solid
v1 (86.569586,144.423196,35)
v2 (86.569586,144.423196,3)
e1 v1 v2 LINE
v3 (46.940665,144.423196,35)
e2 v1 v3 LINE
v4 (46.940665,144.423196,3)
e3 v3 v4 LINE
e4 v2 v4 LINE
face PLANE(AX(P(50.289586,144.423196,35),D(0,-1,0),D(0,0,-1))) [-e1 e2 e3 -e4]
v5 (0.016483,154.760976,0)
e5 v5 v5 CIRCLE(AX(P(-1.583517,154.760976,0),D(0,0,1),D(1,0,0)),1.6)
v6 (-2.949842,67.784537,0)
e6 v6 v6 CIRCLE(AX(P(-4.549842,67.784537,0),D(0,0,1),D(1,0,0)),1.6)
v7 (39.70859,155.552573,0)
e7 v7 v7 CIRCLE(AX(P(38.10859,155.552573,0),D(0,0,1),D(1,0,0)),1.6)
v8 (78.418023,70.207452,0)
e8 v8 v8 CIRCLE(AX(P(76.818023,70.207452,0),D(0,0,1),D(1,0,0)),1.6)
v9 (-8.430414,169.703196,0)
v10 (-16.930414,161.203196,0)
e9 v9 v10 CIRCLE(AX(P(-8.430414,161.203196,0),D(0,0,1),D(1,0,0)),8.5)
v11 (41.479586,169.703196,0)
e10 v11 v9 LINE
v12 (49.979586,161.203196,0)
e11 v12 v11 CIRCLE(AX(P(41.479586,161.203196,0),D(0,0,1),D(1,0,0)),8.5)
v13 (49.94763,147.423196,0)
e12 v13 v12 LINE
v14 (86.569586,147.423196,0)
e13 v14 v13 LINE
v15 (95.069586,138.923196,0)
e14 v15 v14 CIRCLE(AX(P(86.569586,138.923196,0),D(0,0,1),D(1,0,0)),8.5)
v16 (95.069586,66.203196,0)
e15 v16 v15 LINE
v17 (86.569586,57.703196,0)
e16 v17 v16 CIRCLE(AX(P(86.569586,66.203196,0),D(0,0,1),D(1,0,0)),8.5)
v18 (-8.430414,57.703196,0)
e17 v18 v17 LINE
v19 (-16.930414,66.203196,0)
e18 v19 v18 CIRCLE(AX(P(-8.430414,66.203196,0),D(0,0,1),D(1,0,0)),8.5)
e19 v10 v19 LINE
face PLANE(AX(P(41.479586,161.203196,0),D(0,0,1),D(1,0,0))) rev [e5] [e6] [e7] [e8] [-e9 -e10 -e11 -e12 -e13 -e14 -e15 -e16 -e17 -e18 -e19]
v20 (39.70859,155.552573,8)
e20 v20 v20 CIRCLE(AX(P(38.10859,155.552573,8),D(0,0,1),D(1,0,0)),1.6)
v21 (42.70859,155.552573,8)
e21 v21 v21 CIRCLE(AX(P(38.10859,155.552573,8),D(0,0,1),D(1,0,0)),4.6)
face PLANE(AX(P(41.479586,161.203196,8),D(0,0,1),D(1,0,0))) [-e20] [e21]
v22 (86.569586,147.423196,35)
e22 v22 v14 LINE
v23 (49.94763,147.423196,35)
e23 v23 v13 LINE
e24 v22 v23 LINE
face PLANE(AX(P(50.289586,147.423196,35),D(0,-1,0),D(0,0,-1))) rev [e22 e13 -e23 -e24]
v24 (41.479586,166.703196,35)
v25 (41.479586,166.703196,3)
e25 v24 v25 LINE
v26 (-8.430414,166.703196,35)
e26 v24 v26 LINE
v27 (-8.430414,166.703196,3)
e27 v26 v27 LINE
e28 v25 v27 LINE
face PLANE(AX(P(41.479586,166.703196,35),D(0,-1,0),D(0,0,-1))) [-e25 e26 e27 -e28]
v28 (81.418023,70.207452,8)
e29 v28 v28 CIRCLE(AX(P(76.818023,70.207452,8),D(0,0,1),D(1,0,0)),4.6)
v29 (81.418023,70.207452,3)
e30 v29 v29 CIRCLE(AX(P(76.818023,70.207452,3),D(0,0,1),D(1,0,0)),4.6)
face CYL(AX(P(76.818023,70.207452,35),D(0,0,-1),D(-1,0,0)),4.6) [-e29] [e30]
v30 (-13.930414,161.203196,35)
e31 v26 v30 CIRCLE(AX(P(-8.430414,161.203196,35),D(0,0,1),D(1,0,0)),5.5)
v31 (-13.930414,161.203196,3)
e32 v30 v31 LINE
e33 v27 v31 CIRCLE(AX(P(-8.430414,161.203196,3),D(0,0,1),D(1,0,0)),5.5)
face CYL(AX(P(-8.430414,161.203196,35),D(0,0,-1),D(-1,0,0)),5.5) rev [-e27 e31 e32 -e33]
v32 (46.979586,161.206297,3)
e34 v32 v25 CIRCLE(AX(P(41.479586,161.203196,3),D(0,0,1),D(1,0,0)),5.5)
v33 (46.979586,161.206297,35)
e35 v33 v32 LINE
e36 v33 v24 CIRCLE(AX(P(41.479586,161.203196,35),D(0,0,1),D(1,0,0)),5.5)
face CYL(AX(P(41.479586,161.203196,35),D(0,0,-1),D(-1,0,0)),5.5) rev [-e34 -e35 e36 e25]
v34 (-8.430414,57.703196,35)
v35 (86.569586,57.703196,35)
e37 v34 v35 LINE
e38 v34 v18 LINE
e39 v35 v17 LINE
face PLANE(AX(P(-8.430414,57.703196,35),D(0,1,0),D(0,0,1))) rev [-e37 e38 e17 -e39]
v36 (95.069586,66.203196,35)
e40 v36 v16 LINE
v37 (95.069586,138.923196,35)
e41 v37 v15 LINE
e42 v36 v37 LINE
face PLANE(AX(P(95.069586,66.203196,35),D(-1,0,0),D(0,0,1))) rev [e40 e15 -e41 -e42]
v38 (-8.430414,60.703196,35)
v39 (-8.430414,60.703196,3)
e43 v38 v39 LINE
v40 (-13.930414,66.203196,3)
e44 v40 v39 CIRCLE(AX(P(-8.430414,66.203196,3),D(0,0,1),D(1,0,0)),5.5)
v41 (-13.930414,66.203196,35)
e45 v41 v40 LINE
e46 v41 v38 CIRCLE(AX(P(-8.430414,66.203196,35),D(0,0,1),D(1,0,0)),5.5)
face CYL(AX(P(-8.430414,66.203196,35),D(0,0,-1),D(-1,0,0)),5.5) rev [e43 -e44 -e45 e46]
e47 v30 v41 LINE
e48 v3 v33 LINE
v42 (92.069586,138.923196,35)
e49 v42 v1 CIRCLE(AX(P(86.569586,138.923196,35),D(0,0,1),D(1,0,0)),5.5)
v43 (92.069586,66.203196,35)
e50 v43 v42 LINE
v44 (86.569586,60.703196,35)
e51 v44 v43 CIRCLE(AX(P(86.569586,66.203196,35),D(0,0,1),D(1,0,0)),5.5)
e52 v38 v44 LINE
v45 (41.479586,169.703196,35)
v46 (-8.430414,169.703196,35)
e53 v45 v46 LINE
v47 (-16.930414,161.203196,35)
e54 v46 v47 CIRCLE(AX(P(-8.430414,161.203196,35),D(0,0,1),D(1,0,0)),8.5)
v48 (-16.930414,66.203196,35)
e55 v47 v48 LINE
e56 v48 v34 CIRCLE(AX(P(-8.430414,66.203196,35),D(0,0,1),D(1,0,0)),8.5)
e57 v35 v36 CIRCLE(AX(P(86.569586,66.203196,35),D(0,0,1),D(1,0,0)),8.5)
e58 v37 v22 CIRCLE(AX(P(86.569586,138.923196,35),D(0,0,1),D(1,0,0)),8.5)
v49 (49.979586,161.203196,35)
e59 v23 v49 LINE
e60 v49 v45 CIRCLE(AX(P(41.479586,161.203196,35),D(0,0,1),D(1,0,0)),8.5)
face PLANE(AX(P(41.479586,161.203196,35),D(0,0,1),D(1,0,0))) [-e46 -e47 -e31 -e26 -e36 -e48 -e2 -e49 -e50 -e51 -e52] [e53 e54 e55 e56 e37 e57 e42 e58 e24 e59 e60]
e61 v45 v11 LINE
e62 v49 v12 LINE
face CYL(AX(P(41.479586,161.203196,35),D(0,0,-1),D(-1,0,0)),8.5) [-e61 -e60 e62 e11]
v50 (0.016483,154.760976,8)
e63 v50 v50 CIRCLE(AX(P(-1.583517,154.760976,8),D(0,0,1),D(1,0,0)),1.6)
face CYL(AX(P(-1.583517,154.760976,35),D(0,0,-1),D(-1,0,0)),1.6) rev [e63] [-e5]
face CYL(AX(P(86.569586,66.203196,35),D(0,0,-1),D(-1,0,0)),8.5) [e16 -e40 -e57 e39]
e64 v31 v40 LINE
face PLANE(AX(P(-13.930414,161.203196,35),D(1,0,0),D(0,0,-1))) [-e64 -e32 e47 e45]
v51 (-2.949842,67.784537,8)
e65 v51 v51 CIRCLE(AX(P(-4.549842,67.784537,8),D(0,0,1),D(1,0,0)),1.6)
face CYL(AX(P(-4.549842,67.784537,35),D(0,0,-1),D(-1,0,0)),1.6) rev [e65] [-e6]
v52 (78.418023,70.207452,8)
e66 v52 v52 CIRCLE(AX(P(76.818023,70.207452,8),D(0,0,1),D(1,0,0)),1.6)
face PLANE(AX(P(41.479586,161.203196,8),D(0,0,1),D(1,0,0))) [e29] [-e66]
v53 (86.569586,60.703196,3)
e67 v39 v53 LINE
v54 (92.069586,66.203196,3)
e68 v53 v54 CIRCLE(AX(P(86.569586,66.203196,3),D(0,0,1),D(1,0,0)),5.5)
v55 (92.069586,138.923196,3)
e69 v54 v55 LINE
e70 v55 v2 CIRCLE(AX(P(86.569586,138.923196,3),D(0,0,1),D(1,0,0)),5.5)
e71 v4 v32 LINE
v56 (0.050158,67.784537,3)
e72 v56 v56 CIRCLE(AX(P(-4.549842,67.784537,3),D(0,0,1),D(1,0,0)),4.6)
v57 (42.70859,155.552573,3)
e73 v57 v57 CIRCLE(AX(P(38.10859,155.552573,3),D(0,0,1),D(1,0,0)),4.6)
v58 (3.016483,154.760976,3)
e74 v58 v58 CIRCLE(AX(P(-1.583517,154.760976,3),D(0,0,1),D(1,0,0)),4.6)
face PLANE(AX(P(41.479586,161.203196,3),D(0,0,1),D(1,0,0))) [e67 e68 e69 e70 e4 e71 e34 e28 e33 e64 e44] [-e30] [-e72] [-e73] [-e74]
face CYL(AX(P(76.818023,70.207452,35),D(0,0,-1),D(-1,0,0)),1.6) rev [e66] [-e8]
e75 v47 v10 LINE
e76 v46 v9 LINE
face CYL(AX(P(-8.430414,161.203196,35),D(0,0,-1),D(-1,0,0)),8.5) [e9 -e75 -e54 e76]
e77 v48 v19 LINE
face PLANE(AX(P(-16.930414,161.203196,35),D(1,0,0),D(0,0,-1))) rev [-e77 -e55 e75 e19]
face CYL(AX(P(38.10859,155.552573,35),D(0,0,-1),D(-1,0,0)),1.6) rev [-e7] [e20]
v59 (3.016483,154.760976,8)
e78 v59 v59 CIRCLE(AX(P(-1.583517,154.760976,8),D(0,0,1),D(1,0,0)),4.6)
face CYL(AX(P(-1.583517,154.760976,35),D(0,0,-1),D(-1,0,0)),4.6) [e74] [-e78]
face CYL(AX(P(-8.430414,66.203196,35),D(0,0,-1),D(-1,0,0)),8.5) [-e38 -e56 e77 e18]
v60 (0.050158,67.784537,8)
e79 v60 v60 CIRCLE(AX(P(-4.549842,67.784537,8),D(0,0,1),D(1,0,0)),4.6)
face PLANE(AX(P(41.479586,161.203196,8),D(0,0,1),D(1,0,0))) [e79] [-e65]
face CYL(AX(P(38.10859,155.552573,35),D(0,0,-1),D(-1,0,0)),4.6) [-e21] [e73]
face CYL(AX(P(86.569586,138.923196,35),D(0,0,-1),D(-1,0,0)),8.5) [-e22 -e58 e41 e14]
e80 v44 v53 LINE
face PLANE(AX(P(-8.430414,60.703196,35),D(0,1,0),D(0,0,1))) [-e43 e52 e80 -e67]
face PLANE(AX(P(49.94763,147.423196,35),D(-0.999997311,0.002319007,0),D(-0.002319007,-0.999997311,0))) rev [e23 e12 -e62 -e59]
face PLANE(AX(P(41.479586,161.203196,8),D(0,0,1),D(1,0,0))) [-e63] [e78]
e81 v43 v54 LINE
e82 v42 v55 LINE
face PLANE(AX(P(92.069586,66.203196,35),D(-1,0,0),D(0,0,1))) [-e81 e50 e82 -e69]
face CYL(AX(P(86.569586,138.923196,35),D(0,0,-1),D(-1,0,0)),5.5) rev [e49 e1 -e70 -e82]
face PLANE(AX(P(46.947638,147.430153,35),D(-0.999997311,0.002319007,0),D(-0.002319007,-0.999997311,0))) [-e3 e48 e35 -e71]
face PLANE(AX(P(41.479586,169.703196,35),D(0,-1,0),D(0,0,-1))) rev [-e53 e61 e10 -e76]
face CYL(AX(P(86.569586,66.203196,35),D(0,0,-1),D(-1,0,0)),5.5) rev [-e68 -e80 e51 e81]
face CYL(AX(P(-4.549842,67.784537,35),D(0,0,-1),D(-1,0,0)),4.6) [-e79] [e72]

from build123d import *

# Parameters (mm, degrees)
SKETCH1_R           = 1.6
BOSS_EXTRUDE1_DEPTH = 35
SHELL3_T            = -3
CUT_EXTRUDE2_DEPTH  = 27


with BuildPart() as part:
    # Sketch1 → Boss-Extrude1 (new body)
    with BuildSketch(Plane.XY):
        with BuildLine():
            Line((41.47958643, 169.703196001), (-8.43041357, 169.703196001))
            ThreePointArc((-8.43041357, 169.703196001), (-14.44082121, 167.213603641), (-16.93041357, 161.203196001))
            Line((-16.93041357, 161.203196001), (-16.93041357, 66.203196001))
            ThreePointArc((-16.93041357, 66.203196001), (-14.44082121, 60.192788361), (-8.43041357, 57.703196001))
            Line((-8.43041357, 57.703196001), (86.56958643, 57.703196001))
            ThreePointArc((86.56958643, 57.703196001), (92.57999407, 60.192788361), (95.06958643, 66.203196001))
            Line((95.06958643, 66.203196001), (95.06958643, 138.923196001))
            ThreePointArc((95.06958643, 138.923196001), (92.57999407, 144.933603641), (86.56958643, 147.423196001))
            Line((86.56958643, 147.423196001), (84.57958643, 147.423196001))
            Line((84.57958643, 147.423196001), (78.22958643, 147.423196001))
            Line((78.22958643, 147.423196001), (56.63958643, 147.423196001))
            Line((56.63958643, 147.423196001), (50.28958643, 147.423196001))
            Line((50.28958643, 147.423196001), (49.947630422, 147.423196001))
            Line((49.947630422, 147.423196001), (49.97958643, 161.203196001))
            ThreePointArc((49.97958643, 161.203196001), (47.48999407, 167.213603641), (41.47958643, 169.703196001))
        make_face()
        with Locations((-1.583516975, 154.760976138)):
            Circle(SKETCH1_R, mode=Mode.SUBTRACT)
        with Locations((38.108590224, 155.552573365)):
            Circle(SKETCH1_R, mode=Mode.SUBTRACT)
        with Locations((-4.549842033, 67.784537285)):
            Circle(SKETCH1_R, mode=Mode.SUBTRACT)
        with Locations((76.81802316, 70.207451643)):
            Circle(SKETCH1_R, mode=Mode.SUBTRACT)
    extrude(amount=BOSS_EXTRUDE1_DEPTH)

    # Shell3
    shell3_openings = [part.faces().sort_by_distance(p)[0] for p in [
        (36.150005596, 109.720855489, 35),
    ]]
    offset(amount=SHELL3_T, openings=shell3_openings, kind=Kind.INTERSECTION)

    # Sketch4 → Cut-Extrude2 (cut)
    with BuildSketch(Plane.XY.offset(35)):
        with BuildLine():
            Line((41.47958643, 164.703196001), (-8.43041357, 164.703196001))
            ThreePointArc((-8.43041357, 164.703196001), (-10.905287304, 163.678069735), (-11.93041357, 161.203196001))
            Line((-11.93041357, 161.203196001), (-11.93041357, 66.203196001))
            ThreePointArc((-11.93041357, 66.203196001), (-10.905287304, 63.728322267), (-8.43041357, 62.703196001))
            Line((-8.43041357, 62.703196001), (86.56958643, 62.703196001))
            ThreePointArc((86.56958643, 62.703196001), (89.044460164, 63.728322267), (90.06958643, 66.203196001))
            Line((90.06958643, 66.203196001), (90.06958643, 138.923196001))
            ThreePointArc((90.06958643, 138.923196001), (89.044460164, 141.398069735), (86.56958643, 142.423196001))
            Line((86.56958643, 142.423196001), (44.936021909, 142.423196001))
            Line((44.936021909, 142.423196001), (44.979583495, 161.207728174))
            ThreePointArc((44.979583495, 161.207728174), (43.95285728, 163.679671582), (41.47958643, 164.703196001))
        make_face()
    extrude(amount=-CUT_EXTRUDE2_DEPTH, mode=Mode.SUBTRACT)


solid = part.part
